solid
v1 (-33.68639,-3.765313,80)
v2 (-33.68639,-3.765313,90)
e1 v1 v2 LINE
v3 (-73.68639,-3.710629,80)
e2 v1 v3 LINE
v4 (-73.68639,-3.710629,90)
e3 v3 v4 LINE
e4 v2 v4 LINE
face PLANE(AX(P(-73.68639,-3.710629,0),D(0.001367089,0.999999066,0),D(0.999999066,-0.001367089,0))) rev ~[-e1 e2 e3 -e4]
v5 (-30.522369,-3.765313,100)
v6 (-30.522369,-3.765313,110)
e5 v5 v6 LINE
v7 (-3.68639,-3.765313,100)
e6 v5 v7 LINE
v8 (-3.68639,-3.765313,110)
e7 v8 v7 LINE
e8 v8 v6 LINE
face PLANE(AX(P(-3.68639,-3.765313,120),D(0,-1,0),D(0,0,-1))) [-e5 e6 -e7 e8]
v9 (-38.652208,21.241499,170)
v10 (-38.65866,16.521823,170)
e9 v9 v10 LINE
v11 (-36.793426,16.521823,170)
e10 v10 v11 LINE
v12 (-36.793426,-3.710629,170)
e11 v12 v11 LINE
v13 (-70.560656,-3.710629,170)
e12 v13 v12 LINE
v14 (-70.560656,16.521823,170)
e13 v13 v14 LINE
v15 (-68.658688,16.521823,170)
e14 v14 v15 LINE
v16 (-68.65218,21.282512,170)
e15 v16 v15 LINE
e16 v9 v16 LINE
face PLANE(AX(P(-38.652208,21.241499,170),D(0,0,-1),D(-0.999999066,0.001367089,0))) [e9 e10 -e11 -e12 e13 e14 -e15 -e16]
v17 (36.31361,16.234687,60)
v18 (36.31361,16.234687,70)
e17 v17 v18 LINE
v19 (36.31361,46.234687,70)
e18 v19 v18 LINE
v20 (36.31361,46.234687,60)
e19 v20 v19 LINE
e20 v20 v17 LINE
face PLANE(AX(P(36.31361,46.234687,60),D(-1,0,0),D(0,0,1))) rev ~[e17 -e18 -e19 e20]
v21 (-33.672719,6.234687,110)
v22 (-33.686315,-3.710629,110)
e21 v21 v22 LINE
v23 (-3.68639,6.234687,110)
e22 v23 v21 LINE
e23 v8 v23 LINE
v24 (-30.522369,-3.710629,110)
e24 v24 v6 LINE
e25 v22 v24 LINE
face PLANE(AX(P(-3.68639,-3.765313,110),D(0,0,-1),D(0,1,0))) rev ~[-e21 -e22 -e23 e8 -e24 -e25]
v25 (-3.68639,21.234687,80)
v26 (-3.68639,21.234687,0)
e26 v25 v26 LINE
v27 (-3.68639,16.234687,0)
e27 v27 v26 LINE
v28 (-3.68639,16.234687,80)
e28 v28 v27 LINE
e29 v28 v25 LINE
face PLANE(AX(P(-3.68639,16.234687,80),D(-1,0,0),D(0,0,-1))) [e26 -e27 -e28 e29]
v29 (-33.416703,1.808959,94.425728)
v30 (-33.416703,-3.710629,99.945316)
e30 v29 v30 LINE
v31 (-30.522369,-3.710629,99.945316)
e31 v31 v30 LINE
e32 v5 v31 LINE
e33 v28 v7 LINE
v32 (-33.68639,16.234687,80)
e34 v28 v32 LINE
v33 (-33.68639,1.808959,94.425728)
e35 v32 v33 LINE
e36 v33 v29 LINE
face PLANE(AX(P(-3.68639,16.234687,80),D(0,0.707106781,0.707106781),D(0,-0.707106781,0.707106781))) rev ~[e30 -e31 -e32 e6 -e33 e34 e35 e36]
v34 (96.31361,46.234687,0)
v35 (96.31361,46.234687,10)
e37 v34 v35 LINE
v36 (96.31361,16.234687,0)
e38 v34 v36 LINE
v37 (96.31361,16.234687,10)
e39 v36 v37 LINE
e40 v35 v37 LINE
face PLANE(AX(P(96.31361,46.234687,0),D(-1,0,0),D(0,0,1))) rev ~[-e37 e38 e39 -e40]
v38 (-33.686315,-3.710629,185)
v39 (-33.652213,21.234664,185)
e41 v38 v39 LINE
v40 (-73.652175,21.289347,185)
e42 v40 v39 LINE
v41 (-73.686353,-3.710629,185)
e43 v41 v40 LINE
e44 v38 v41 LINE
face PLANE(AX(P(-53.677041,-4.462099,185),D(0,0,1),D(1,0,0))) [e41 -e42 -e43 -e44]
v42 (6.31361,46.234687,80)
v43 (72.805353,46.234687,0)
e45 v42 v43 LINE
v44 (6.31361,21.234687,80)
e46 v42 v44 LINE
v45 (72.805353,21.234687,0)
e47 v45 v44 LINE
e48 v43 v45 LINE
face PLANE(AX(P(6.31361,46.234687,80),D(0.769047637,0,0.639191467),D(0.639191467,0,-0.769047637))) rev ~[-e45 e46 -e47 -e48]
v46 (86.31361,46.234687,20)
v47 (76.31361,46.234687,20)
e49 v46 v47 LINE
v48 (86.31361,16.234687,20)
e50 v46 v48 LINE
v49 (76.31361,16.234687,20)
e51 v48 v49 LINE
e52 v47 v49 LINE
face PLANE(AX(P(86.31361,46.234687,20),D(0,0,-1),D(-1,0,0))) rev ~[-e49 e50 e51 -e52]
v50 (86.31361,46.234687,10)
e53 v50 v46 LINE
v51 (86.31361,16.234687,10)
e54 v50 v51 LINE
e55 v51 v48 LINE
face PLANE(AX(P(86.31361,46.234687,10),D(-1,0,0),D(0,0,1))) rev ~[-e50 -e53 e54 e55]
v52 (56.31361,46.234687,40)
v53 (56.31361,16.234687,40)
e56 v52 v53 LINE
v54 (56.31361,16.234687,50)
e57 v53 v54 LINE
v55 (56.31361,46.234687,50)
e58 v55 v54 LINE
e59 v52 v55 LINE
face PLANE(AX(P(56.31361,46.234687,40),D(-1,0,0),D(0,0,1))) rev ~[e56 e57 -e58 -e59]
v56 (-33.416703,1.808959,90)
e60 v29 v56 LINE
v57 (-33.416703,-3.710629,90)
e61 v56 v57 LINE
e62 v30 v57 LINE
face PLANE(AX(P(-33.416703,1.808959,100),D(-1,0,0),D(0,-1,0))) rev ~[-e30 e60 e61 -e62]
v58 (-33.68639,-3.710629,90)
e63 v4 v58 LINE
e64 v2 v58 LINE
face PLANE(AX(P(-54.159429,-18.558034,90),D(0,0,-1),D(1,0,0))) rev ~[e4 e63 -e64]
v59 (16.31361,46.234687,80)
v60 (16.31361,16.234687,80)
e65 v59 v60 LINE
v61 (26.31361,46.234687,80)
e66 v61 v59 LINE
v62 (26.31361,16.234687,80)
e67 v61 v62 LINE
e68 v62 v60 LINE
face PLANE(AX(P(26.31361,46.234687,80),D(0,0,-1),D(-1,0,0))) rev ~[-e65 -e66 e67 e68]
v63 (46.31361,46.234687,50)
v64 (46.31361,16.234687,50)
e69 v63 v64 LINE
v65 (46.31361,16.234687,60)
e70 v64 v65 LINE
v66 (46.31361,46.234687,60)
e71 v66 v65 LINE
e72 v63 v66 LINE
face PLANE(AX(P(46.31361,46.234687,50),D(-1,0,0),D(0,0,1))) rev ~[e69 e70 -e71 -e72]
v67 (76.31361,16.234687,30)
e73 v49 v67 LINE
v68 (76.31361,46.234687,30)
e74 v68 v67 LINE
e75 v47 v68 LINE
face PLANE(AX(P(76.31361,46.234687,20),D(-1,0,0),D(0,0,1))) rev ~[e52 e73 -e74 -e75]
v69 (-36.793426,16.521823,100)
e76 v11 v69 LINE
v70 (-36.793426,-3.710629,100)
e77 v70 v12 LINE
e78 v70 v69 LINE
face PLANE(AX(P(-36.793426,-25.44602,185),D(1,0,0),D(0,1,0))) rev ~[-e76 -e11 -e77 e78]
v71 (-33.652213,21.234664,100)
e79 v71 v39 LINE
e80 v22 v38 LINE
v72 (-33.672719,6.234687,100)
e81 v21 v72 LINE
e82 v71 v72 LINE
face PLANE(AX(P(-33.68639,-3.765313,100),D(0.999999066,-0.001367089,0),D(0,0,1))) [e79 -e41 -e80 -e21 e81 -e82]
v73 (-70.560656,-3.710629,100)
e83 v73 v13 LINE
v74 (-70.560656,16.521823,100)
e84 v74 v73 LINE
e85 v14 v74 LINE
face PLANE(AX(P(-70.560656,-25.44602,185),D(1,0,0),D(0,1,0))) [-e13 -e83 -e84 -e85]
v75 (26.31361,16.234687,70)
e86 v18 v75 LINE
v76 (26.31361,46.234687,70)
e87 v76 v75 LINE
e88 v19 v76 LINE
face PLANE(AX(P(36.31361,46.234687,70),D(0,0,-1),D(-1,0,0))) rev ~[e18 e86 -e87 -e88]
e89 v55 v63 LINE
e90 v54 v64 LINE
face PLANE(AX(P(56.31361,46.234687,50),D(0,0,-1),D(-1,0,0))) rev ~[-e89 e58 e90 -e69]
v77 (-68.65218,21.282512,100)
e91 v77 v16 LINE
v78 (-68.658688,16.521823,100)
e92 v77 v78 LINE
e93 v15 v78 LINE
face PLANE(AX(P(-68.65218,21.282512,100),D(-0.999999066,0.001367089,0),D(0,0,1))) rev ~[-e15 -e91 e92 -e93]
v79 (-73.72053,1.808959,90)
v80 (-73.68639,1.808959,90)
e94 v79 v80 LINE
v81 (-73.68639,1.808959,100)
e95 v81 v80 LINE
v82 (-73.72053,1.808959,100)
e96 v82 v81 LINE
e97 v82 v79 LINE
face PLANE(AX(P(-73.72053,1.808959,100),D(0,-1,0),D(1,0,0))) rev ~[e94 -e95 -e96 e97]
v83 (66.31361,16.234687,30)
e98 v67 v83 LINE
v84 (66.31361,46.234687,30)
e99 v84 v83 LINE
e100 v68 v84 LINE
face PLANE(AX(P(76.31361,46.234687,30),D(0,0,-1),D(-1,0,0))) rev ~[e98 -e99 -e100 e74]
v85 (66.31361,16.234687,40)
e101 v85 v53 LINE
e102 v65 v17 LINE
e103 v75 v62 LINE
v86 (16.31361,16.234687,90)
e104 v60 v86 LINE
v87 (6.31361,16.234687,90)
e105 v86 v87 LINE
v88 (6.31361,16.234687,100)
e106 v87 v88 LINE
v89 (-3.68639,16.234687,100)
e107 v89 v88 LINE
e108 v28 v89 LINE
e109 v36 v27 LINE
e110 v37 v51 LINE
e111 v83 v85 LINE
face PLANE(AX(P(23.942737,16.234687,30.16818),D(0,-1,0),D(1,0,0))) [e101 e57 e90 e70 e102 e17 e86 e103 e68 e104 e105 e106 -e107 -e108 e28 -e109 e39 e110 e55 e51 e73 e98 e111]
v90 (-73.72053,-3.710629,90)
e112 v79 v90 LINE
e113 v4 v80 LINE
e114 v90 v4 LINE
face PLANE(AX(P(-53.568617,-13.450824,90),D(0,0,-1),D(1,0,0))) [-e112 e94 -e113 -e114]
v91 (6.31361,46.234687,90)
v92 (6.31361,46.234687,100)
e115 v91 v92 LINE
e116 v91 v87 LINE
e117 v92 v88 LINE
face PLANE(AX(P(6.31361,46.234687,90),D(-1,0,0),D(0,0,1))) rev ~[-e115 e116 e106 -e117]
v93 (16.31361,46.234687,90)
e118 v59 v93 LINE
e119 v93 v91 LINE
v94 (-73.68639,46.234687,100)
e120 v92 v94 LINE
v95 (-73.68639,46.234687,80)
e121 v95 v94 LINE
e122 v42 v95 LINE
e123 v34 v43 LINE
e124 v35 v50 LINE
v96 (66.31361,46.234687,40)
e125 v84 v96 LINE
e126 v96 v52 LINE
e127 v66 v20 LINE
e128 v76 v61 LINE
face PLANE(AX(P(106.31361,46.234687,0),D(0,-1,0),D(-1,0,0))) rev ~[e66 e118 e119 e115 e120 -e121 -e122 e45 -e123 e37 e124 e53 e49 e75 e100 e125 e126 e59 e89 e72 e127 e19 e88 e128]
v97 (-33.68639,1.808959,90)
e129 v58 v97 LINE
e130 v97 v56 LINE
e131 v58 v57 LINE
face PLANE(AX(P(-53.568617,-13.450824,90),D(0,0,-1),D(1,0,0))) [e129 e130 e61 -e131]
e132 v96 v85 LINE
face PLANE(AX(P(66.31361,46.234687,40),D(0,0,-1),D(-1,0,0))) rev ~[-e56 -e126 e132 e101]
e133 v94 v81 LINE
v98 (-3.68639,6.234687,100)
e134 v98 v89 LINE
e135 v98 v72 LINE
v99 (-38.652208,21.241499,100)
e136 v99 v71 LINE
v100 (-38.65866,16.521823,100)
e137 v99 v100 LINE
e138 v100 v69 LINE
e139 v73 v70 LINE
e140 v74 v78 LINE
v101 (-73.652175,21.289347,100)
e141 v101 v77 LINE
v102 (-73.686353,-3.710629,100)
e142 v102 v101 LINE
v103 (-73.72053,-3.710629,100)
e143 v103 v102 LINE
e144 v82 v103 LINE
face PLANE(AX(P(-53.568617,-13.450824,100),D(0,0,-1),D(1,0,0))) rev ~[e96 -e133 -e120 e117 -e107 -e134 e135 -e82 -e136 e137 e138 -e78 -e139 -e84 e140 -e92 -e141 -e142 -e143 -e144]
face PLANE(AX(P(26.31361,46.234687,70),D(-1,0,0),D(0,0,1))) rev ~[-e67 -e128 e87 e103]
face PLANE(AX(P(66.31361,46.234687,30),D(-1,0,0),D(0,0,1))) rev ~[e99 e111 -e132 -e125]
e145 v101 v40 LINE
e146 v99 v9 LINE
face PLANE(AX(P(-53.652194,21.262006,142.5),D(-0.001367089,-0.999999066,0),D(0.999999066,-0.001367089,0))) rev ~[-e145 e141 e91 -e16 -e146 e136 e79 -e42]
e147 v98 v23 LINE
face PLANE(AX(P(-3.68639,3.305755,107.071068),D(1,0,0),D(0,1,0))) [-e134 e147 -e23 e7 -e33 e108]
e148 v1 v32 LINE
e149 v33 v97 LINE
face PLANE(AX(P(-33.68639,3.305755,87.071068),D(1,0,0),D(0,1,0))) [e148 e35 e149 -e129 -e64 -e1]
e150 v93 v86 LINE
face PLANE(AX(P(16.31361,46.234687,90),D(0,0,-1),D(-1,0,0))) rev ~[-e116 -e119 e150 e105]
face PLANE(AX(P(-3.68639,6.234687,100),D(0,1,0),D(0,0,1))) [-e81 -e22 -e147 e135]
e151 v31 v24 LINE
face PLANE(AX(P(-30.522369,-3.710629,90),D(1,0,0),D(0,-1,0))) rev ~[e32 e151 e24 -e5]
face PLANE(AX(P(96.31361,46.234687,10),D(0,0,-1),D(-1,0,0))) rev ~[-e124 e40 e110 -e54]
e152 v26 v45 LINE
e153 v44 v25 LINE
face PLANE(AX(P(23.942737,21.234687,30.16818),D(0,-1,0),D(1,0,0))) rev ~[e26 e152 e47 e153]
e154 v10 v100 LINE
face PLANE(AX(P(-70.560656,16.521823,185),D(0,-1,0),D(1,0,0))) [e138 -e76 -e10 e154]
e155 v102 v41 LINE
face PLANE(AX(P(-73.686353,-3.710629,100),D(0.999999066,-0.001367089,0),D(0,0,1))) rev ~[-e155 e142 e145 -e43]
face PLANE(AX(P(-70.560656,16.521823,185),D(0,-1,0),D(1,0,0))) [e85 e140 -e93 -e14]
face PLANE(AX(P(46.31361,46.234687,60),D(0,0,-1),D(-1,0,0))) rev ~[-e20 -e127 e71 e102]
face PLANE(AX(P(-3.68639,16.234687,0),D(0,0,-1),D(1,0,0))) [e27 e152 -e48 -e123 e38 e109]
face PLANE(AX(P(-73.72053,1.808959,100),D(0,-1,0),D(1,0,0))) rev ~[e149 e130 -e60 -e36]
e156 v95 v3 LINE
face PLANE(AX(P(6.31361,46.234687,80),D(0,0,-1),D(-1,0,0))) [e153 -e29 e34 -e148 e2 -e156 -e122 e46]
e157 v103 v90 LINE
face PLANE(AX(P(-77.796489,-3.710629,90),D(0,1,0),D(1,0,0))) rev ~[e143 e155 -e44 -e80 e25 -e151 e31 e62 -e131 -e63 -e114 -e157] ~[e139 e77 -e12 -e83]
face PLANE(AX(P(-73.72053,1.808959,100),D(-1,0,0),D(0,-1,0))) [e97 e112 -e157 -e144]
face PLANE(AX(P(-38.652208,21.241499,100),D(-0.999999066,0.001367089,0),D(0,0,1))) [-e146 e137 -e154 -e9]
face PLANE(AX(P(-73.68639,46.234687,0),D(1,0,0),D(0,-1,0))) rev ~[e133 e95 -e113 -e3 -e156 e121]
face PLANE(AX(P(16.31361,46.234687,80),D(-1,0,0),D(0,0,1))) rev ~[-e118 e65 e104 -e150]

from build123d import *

# Parameters (mm, degrees)
F0_W      = 30
F0_H      = 20
F1_DEPTH  = 100
F2_W      = 80
F2_H      = 80
F3_DEPTH  = 60
F4_W      = 10
F4_H      = 10
F5_DEPTH  = 40
F7_DEPTH  = 30
F9_DEPTH  = 30
F10_W     = 10
F10_H     = 10
F11_DEPTH = 30
F12_W     = 40
F12_H     = 85
F13_DEPTH = 25
F15_W     = 33.7672308087
F15_H     = 41.9678427279
F16_DEPTH = 85
F14_W     = 30
F14_H     = 70
F17_DEPTH = 10
F18_W     = 33.7672308087
F18_H     = 41.9678427279
F19_DEPTH = 15
F20_W     = 40.303826414
F20_H     = 30.5195645853
F21_DEPTH = 10
F22_W     = 47.274120152
F22_H     = 29.6948088799
F23_DEPTH = 100
F25_DEPTH = 30
F27_DEPTH = 5


with BuildPart() as f1:
    # F0 (on Top) → F1 (new body)
    with BuildSketch(Plane.XY):
        Polygon((-33.6863899055, 46.2346871942), (-73.6863899055, 46.2346871942), (-73.6863899055, 16.2346871942), (-73.6863899055, -3.7106291857), (-33.6863899055, -3.7653128058), (-33.6863899055, 16.2346871942), align=None)
        Polygon((106.3136100945, 46.2346871942), (-33.6863899055, 46.2346871942), (-33.6863899055, 16.2346871942), (-3.6863899055, 16.2346871942), (106.3136100945, 16.2346871942), align=None)
        with Locations((-18.6863899055, 6.2346871942)):
            Rectangle(F0_W, F0_H)
    extrude(amount=F1_DEPTH)

    # F2 (on face) → F3 (cut)
    with BuildSketch(Plane(origin=(0, 46.2346871942, 0), x_dir=(-1, 0, 0), z_dir=(0, 1, 0))):
        Polygon((-106.3136100945, 100), (-106.3136100945, 0), (-6.3136100945, 100), align=None)
        with Locations((33.6863899055, 40)):
            Rectangle(F2_W, F2_H)
    extrude(amount=-F3_DEPTH, mode=Mode.SUBTRACT)

    # F4 (on face) → F5 (cut)
    with BuildSketch(Plane(origin=(0, 46.2346871942, 0), x_dir=(-1, 0, 0), z_dir=(0, 1, 0))):
        with Locations((-11.3136100945, 95)):
            Rectangle(F4_W, F4_H)
        with Locations((-101.3136100945, 5)):
            Rectangle(F4_W, F4_H)
        with Locations((-91.3136100945, 15)):
            Rectangle(F4_W, F4_H)
        with Locations((-81.3136100945, 25)):
            Rectangle(F4_W, F4_H)
        with Locations((-71.3136100945, 35)):
            Rectangle(F4_W, F4_H)
        with Locations((-61.3136100945, 45)):
            Rectangle(F4_W, F4_H)
        with Locations((-51.3136100945, 55)):
            Rectangle(F4_W, F4_H)
        with Locations((-41.3136100945, 65)):
            Rectangle(F4_W, F4_H)
        with Locations((-31.3136100945, 75)):
            Rectangle(F4_W, F4_H)
        with Locations((-21.3136100945, 85)):
            Rectangle(F4_W, F4_H)
    extrude(amount=-F5_DEPTH, mode=Mode.SUBTRACT)

    # F6 (on face) → F7 (cut)
    with BuildSketch(Plane.YZ.offset(-3.6863899055)):
        Polygon((16.2346871942, 80), (-3.7653128058, 100), (-3.7653128058, 80), align=None)
    extrude(amount=-F7_DEPTH, mode=Mode.SUBTRACT)

    # F8 (on face) → F9 (join)
    with BuildSketch(Plane.YZ.offset(-3.6863899055)):
        Polygon((-3.7653128058, 120), (-3.7653128058, 100), (16.2346871942, 100), align=None)
    extrude(amount=-F9_DEPTH)

    # F10 (on face) → F11 (cut)
    with BuildSketch(Plane.YZ.offset(-3.6863899055)):
        with Locations((11.2346871942, 105)):
            Rectangle(F10_W, F10_H)
        with Locations((1.2346871942, 115)):
            Rectangle(F10_W, F10_H)
    extrude(amount=-F11_DEPTH, mode=Mode.SUBTRACT)

    # F12 (on face) → F13 (join, symmetric)
    with BuildSketch(Plane(origin=(-0.0052104714, -3.8113580263, 0), x_dir=(0.9999990655, -0.0013670892, 0), z_dir=(-0.0013670892, -0.9999990655, 0))):
        with Locations((-53.6812109081, 142.5)):
            Rectangle(F12_W, F12_H)
    extrude(amount=F13_DEPTH, both=True)

    # F15 (on face) → F16 (cut)
    with BuildSketch(Plane.XY.offset(185)):
        with Locations((-53.6770410836, -4.4620987028)):
            Rectangle(F15_W, F15_H)
    extrude(amount=-F16_DEPTH, mode=Mode.SUBTRACT)

    # F14 (on face) → F17 (cut)
    with BuildSketch(Plane(origin=(0.0289667593, 21.188618612, 0), x_dir=(-0.9999990655, 0.0013670892, 0), z_dir=(0.0013670892, 0.9999990655, 0))):
        with Locations((53.6812109081, 135)):
            Rectangle(F14_W, F14_H)
    extrude(amount=-F17_DEPTH, mode=Mode.SUBTRACT)

    # F18 (on face) → F19 (join)
    with BuildSketch(Plane.XY.offset(185)):
        with Locations((-53.6770410836, -4.4620987028)):
            Rectangle(F18_W, F18_H)
    extrude(amount=-F19_DEPTH)

    # F20 (on face) → F21 (join)
    with BuildSketch(Plane(origin=(0, 0, 100), x_dir=(1, 0, 0), z_dir=(0, 0, -1))):
        with Locations((-53.5686165504, 13.4508235825)):
            Rectangle(F20_W, F20_H)
    extrude(amount=F21_DEPTH)

    # F22 (on face) → F23 (cut)
    with BuildSketch(Plane(origin=(0, 0, 90), x_dir=(1, 0, 0), z_dir=(0, 0, -1))):
        with Locations((-54.1594289243, 18.5580336256)):
            Rectangle(F22_W, F22_H)
    extrude(amount=-F23_DEPTH, mode=Mode.SUBTRACT)

    # F24 (on face) → F25 (cut)
    with BuildSketch(Plane(origin=(0, 46.2346871942, 0), x_dir=(-1, 0, 0), z_dir=(0, 1, 0))):
        Polygon((-72.805352509, 0), (-6.3136100945, 0), (-6.3136100945, 80), align=None)
    extrude(amount=-F25_DEPTH, mode=Mode.SUBTRACT)

    # F26 (on face) → F27 (join)
    with BuildSketch(Plane.XZ.offset(-16.2346871942)):
        Polygon((-3.6863899055, 80), (-3.6863899055, 0), (72.805352509, 0), (6.3136100945, 80), align=None)
    extrude(amount=-F27_DEPTH)


solid = f1.part
